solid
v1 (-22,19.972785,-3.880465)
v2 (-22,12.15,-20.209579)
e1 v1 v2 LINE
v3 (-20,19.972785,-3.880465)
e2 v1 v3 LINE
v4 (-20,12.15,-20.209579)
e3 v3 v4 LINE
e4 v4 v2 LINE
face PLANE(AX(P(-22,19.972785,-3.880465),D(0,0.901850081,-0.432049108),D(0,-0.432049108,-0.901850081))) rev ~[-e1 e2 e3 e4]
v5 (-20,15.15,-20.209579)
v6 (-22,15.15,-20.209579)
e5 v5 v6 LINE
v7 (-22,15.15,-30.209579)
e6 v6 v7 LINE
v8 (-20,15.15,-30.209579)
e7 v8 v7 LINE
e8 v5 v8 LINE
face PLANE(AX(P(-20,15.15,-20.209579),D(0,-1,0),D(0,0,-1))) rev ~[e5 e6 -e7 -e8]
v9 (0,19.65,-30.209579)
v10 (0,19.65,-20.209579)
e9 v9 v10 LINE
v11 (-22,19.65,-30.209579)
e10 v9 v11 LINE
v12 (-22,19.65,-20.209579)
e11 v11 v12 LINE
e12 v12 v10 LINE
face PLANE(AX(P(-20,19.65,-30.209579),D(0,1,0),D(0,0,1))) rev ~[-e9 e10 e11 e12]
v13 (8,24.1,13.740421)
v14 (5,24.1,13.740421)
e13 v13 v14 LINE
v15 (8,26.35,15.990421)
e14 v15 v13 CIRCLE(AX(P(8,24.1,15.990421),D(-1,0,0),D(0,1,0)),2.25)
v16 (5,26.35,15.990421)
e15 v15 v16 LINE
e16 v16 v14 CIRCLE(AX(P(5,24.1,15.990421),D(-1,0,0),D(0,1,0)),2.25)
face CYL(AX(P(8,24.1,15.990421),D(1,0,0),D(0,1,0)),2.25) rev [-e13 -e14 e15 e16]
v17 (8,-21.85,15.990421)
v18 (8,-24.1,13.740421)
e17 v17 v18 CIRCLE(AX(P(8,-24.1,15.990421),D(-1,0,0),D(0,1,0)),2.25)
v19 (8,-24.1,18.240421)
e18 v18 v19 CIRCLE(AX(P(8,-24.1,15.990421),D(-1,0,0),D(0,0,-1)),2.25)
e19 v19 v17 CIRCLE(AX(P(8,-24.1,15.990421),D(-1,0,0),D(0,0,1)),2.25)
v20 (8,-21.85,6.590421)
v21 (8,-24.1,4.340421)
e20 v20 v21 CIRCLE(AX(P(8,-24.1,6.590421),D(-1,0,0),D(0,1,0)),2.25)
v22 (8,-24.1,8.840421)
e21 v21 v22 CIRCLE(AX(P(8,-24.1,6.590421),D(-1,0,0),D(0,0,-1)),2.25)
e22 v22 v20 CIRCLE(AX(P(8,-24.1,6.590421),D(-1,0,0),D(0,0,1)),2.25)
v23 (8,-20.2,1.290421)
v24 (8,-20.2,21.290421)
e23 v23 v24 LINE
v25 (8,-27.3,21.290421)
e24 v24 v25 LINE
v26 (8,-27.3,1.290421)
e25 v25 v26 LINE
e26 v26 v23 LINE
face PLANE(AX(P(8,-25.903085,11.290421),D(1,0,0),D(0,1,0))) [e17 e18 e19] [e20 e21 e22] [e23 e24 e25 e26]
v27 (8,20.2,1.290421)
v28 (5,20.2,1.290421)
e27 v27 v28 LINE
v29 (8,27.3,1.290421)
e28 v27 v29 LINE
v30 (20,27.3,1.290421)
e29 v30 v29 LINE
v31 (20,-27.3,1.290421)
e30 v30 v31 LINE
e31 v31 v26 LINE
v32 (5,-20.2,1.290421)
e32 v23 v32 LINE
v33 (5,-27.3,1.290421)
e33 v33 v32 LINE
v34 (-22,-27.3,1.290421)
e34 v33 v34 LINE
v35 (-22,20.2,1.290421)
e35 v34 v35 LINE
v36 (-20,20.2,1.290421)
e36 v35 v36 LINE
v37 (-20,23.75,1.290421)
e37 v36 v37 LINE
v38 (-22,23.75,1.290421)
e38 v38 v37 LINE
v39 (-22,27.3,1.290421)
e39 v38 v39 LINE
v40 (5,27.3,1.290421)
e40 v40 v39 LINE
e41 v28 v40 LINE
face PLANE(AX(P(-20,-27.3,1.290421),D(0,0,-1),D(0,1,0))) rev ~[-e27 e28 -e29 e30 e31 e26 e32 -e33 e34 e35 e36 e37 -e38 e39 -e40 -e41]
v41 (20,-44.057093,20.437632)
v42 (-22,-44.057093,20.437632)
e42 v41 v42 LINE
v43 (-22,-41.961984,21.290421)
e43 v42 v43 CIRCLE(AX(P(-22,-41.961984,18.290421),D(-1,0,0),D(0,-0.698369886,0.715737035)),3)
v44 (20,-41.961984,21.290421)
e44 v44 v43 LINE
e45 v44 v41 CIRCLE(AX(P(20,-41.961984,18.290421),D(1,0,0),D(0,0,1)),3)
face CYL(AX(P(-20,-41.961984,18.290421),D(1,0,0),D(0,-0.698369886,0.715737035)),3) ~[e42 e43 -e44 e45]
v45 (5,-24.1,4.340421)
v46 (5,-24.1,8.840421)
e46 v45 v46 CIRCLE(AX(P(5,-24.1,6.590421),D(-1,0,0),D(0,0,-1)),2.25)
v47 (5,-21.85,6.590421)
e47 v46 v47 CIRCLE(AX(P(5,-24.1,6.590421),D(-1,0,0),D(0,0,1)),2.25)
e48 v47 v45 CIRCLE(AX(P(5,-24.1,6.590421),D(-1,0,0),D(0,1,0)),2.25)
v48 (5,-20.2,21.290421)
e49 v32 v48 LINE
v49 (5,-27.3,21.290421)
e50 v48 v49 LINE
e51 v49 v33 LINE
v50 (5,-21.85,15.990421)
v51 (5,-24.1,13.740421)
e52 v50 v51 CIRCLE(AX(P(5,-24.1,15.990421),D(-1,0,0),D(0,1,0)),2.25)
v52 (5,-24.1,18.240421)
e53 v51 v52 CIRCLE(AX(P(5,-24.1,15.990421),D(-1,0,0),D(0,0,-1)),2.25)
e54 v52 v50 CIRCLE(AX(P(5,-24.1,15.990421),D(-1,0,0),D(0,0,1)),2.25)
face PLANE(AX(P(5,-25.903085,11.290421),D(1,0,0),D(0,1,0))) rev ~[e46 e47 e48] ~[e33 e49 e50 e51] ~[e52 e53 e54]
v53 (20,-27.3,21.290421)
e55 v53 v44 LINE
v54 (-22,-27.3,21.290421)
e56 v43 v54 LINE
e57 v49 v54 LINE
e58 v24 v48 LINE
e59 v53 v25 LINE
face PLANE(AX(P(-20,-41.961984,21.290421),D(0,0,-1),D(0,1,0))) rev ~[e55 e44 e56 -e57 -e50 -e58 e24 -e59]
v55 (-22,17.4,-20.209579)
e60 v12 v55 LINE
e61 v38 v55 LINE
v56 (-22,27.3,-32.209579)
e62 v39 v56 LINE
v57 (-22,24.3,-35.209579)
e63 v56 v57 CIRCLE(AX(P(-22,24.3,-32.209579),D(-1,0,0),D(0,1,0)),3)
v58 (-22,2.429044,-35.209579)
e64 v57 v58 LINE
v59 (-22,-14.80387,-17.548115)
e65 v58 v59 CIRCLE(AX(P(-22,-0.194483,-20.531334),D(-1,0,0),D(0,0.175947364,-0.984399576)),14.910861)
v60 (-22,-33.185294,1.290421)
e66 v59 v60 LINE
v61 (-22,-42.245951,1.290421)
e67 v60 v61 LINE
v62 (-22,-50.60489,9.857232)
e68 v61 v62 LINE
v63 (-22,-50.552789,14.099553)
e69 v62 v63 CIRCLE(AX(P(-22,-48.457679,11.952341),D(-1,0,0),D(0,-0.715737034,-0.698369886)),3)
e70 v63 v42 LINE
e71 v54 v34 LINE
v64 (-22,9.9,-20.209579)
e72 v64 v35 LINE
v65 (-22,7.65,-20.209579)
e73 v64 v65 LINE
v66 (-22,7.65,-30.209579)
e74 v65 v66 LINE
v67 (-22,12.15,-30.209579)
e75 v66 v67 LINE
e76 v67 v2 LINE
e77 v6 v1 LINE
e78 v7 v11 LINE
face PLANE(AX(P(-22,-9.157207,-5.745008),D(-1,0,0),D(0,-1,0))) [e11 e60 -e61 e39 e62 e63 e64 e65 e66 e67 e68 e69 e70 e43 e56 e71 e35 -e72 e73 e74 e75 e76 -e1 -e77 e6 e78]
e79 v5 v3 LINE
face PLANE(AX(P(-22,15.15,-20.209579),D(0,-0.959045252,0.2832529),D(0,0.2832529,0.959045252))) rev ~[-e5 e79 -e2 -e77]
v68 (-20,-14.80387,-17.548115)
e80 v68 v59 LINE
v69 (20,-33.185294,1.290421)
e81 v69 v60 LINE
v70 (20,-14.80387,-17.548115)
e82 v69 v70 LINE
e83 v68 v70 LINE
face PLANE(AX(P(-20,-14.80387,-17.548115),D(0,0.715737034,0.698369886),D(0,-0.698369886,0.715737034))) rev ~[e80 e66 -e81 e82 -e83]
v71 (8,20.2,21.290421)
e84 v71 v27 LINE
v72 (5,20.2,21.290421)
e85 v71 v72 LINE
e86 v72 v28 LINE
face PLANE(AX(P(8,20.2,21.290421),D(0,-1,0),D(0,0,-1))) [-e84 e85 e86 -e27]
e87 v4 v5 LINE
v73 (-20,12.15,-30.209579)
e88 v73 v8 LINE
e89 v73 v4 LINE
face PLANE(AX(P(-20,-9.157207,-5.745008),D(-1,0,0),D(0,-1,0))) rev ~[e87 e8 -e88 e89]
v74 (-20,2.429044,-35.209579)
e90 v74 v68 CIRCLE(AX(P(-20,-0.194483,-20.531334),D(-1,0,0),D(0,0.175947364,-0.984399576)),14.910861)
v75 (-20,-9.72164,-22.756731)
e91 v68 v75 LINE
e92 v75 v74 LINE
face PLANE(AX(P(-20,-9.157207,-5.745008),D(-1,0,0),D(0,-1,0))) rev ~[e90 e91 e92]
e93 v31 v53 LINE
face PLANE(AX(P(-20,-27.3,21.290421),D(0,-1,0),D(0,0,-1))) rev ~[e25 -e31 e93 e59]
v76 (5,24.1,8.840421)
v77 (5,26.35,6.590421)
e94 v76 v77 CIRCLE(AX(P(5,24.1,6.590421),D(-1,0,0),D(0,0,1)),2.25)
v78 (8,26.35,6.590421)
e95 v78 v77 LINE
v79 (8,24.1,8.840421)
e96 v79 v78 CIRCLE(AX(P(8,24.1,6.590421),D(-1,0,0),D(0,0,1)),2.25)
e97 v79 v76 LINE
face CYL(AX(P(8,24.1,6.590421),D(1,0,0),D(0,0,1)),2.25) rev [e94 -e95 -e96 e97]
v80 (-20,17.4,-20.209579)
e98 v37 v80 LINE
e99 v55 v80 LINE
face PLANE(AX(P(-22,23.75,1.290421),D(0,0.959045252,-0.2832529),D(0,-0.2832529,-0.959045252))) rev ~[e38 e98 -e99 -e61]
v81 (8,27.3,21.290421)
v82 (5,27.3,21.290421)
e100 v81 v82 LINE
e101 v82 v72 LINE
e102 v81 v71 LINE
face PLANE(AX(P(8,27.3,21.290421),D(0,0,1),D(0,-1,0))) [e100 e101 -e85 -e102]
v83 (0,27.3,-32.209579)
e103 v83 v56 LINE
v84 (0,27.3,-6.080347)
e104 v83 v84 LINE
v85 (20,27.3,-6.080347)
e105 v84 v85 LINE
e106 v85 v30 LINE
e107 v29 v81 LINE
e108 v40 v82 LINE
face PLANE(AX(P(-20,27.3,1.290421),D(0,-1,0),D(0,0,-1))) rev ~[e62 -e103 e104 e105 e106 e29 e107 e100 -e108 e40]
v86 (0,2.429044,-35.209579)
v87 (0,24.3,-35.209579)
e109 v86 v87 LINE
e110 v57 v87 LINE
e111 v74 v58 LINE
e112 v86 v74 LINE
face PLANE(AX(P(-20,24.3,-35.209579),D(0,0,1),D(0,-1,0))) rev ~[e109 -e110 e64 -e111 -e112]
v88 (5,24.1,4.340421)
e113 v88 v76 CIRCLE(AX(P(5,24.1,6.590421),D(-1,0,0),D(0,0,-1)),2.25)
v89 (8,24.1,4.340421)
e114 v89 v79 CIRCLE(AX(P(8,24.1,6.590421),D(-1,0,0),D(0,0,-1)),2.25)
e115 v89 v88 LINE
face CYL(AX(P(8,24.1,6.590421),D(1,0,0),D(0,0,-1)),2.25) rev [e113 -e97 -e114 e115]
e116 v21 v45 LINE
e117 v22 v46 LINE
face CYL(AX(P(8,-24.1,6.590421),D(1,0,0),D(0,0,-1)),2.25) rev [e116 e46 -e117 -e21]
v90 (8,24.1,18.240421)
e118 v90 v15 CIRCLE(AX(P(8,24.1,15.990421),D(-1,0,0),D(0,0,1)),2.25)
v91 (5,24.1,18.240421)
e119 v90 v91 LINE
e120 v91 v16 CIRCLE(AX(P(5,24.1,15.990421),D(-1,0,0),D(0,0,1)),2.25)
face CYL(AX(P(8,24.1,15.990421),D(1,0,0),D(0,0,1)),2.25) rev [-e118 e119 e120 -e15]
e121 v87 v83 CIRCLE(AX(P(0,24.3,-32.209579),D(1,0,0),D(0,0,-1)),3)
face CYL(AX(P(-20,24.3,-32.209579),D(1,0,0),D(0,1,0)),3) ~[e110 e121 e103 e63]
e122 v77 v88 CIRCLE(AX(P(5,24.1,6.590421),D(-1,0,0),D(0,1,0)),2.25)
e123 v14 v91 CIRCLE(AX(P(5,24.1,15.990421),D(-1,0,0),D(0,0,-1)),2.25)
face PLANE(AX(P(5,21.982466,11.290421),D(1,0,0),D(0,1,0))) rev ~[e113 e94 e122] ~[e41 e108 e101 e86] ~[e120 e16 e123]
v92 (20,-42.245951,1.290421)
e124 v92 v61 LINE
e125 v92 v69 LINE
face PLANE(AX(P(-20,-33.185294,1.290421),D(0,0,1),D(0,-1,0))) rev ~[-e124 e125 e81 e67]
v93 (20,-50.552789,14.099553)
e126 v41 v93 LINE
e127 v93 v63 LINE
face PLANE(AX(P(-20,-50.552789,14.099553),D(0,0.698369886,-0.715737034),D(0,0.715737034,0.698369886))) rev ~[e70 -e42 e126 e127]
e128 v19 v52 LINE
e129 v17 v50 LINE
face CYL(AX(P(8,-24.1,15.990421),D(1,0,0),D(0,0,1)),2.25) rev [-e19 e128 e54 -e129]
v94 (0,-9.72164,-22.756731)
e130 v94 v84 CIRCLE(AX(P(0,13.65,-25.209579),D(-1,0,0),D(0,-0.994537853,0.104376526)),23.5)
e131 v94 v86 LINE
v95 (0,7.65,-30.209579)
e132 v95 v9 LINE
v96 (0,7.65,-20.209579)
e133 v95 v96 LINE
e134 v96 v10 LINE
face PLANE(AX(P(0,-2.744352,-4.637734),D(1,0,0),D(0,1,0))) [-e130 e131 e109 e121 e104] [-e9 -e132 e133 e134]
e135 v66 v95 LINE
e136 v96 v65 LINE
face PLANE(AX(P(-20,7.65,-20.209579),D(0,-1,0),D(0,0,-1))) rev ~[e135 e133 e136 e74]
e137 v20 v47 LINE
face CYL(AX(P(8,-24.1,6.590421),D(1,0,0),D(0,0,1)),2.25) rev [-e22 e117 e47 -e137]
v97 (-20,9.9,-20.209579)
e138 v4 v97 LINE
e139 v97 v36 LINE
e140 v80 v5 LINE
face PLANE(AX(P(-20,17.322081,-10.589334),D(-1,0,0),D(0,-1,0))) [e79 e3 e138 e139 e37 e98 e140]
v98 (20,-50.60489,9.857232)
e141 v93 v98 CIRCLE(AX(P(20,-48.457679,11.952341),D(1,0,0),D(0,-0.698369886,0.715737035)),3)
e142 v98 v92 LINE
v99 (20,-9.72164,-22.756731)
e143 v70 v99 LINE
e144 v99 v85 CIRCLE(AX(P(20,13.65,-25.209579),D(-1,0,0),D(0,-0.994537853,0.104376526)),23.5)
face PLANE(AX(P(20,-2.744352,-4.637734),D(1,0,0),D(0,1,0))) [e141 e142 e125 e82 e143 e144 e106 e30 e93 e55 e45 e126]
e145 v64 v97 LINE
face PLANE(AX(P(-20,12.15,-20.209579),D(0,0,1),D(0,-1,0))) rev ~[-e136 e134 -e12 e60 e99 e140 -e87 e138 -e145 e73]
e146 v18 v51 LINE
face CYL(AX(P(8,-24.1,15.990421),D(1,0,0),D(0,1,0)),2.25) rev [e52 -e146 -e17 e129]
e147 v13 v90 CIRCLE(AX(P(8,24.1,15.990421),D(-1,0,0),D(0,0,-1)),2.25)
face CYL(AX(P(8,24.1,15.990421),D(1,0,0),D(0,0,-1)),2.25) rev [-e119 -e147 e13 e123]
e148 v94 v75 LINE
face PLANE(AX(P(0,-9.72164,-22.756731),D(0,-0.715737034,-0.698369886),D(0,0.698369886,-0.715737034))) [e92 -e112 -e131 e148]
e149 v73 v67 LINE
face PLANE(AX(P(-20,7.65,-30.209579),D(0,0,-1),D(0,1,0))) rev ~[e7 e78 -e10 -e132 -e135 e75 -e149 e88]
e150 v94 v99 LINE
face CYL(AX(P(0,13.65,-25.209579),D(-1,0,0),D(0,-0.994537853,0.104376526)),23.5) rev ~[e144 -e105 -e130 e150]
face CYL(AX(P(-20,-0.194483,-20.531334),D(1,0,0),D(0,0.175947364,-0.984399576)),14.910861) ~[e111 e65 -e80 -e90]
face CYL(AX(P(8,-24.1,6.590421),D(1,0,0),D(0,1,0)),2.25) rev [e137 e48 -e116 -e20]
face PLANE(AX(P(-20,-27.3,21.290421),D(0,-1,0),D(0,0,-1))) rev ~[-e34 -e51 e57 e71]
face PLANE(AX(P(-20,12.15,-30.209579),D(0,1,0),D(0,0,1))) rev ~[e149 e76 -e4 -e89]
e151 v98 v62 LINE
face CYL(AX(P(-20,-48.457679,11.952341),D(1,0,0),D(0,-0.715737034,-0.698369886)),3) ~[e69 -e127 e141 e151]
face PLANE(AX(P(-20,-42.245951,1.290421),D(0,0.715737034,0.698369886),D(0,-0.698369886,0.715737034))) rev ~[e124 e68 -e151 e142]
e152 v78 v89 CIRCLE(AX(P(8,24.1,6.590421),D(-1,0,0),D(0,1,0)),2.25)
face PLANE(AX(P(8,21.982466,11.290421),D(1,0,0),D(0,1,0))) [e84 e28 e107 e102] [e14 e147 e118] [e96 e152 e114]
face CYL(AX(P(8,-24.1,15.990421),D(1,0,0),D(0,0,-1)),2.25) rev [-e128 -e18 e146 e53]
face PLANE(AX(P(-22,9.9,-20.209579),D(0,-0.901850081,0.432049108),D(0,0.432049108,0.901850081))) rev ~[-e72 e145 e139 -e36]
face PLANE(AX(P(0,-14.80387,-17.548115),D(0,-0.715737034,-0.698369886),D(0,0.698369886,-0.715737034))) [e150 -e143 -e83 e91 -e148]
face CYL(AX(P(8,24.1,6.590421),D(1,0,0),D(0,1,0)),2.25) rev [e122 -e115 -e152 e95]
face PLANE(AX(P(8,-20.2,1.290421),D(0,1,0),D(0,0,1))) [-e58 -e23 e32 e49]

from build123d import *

# Parameters (mm, degrees)
F1_DEPTH  = 20
F0_W      = 12
F0_H      = 10
F2_DEPTH  = 20
F4_DEPTH  = 2
F8_DEPTH  = 3
F10_DEPTH = 2


with BuildPart() as f1:
    # F0 (on Right) → F1 (new body)
    with BuildSketch(Plane.YZ):
        with BuildLine():
            ThreePointArc((-9.7216395426, -22.7567306352), (3.9984194059, -3.7830302321), (27.3, -6.0803474404))
            Line((27.3, -6.0803474404), (27.3, 1.2904210016))
            Line((27.3, 1.2904210016), (20.2, 1.2904210016))
            Line((20.2, 1.2904210016), (-20.2, 1.2904210016))
            Line((-20.2, 1.2904210016), (-27.3, 1.2904210016))
            Line((-27.3, 1.2904210016), (-33.1852941176, 1.2904210016))
            Line((-33.1852941176, 1.2904210016), (-14.8038696072, -17.5481150452))
            Line((-14.8038696072, -17.5481150452), (-9.7216395426, -22.7567306352))
        make_face()
        with BuildLine():
            Line((-42.245950674, 1.2904210016), (-33.1852941176, 1.2904210016))
            Line((-33.1852941176, 1.2904210016), (-27.3, 1.2904210016))
            Line((-27.3, 1.2904210016), (-27.3, 21.2904210016))
            Line((-27.3, 21.2904210016), (-41.9619835647, 21.2904210016))
            ThreePointArc((-41.9619835647, 21.2904210016), (-43.092993443, 21.0690567559), (-44.0570932222, 20.4376321051))
            Line((-44.0570932222, 20.4376321051), (-50.5527888965, 14.0995525758))
            ThreePointArc((-50.5527888965, 14.0995525758), (-51.4574530171, 11.989182758), (-50.6048903424, 9.8572318148))
            Line((-50.6048903424, 9.8572318148), (-42.245950674, 1.2904210016))
        make_face()
    extrude(amount=F1_DEPTH)

    # F0 (on Right) → F2 (join)
    with BuildSketch(Plane.YZ):
        with BuildLine():
            ThreePointArc((-9.7216395426, -22.7567306352), (3.9984194059, -3.7830302321), (27.3, -6.0803474404))
            Line((27.3, -6.0803474404), (27.3, 1.2904210016))
            Line((27.3, 1.2904210016), (20.2, 1.2904210016))
            Line((20.2, 1.2904210016), (-20.2, 1.2904210016))
            Line((-20.2, 1.2904210016), (-27.3, 1.2904210016))
            Line((-27.3, 1.2904210016), (-33.1852941176, 1.2904210016))
            Line((-33.1852941176, 1.2904210016), (-14.8038696072, -17.5481150452))
            Line((-14.8038696072, -17.5481150452), (-9.7216395426, -22.7567306352))
        make_face()
        with BuildLine():
            ThreePointArc((24.3, -35.2095789984), (26.4213203436, -34.3308993419), (27.3, -32.2095789984))
            Line((27.3, -32.2095789984), (27.3, -6.0803474404))
            ThreePointArc((27.3, -6.0803474404), (3.9984194059, -3.7830302321), (-9.7216395426, -22.7567306352))
            Line((-9.7216395426, -22.7567306352), (2.4290441176, -35.2095789984))
            Line((2.4290441176, -35.2095789984), (24.3, -35.2095789984))
        make_face()
        with Locations((13.65, -25.2095789984)):
            Rectangle(F0_W, F0_H, mode=Mode.SUBTRACT)
        with BuildLine():
            Line((-42.245950674, 1.2904210016), (-33.1852941176, 1.2904210016))
            Line((-33.1852941176, 1.2904210016), (-27.3, 1.2904210016))
            Line((-27.3, 1.2904210016), (-27.3, 21.2904210016))
            Line((-27.3, 21.2904210016), (-41.9619835647, 21.2904210016))
            ThreePointArc((-41.9619835647, 21.2904210016), (-43.092993443, 21.0690567559), (-44.0570932222, 20.4376321051))
            Line((-44.0570932222, 20.4376321051), (-50.5527888965, 14.0995525758))
            ThreePointArc((-50.5527888965, 14.0995525758), (-51.4574530171, 11.989182758), (-50.6048903424, 9.8572318148))
            Line((-50.6048903424, 9.8572318148), (-42.245950674, 1.2904210016))
        make_face()
    extrude(amount=-F2_DEPTH)

    # F3 (on face) → F4 (join)
    with BuildSketch(Plane(origin=(-20, 0, 0), x_dir=(0, -1, 0), z_dir=(-1, 0, 0))):
        with BuildLine():
            Line((-2.4290441176, -35.2095789984), (14.8038696072, -17.5481150452))
            Line((14.8038696072, -17.5481150452), (33.1852941176, 1.2904210016))
            Line((33.1852941176, 1.2904210016), (42.245950674, 1.2904210016))
            Line((42.245950674, 1.2904210016), (50.6048903424, 9.8572318148))
            ThreePointArc((50.6048903424, 9.8572318148), (51.4574530171, 11.989182758), (50.5527888965, 14.0995525758))
            Line((50.5527888965, 14.0995525758), (44.0570932222, 20.4376321051))
            ThreePointArc((44.0570932222, 20.4376321051), (43.092993443, 21.0690567559), (41.9619835647, 21.2904210016))
            Line((41.9619835647, 21.2904210016), (27.3, 21.2904210016))
            Line((27.3, 21.2904210016), (27.3, 1.2904210016))
            Line((27.3, 1.2904210016), (-27.3, 1.2904210016))
            Line((-27.3, 1.2904210016), (-27.3, -32.2095789984))
            ThreePointArc((-27.3, -32.2095789984), (-26.4213203436, -34.3308993419), (-24.3, -35.2095789984))
            Line((-24.3, -35.2095789984), (-2.4290441176, -35.2095789984))
        make_face()
        Polygon((-19.65, -30.2095789984), (-19.65, -20.2095789984), (-15.15, -20.2095789984), (-13.65, -20.2095789984), (-12.15, -20.2095789984), (-7.65, -20.2095789984), (-7.65, -30.2095789984), (-12.15, -30.2095789984), (-15.15, -30.2095789984), align=None, mode=Mode.SUBTRACT)
        with BuildLine():
            ThreePointArc((-2.4290441176, -35.2095789984), (10.8667381723, -30.9446299941), (14.8038696072, -17.5481150452))
            Line((14.8038696072, -17.5481150452), (-2.4290441176, -35.2095789984))
        make_face()
        Polygon((-13.65, -20.2095789984), (-15.15, -20.2095789984), (-15.15, -30.2095789984), (-12.15, -30.2095789984), (-12.15, -20.2095789984), align=None)
    extrude(amount=F4_DEPTH)

    # F7 (on offset) → F8 (join)
    with BuildSketch(Plane.YZ.offset(8)):
        with BuildLine():
            Line((-24.1, 21.2904210016), (-27.3, 21.2904210016))
            Line((-27.3, 21.2904210016), (-27.3, 1.2904210016))
            Line((-27.3, 1.2904210016), (-24.1, 1.2904210016))
            Line((-24.1, 1.2904210016), (-24.1, 4.3404210016))
            ThreePointArc((-24.1, 4.3404210016), (-26.35, 6.5904210016), (-24.1, 8.8404210016))
            Line((-24.1, 8.8404210016), (-24.1, 13.7404210016))
            ThreePointArc((-24.1, 13.7404210016), (-26.35, 15.9904210016), (-24.1, 18.2404210016))
            Line((-24.1, 18.2404210016), (-24.1, 21.2904210016))
        make_face()
        with BuildLine():
            Line((-20.2, 21.2904210016), (-24.1, 21.2904210016))
            Line((-24.1, 21.2904210016), (-24.1, 18.2404210016))
            ThreePointArc((-24.1, 18.2404210016), (-22.5090097423, 17.5814112593), (-21.85, 15.9904210016))
            ThreePointArc((-21.85, 15.9904210016), (-22.5090097423, 14.3994307439), (-24.1, 13.7404210016))
            Line((-24.1, 13.7404210016), (-24.1, 8.8404210016))
            ThreePointArc((-24.1, 8.8404210016), (-22.5090097423, 8.1814112593), (-21.85, 6.5904210016))
            ThreePointArc((-21.85, 6.5904210016), (-22.5090097423, 4.9994307439), (-24.1, 4.3404210016))
            Line((-24.1, 4.3404210016), (-24.1, 1.2904210016))
            Line((-24.1, 1.2904210016), (-20.2, 1.2904210016))
            Line((-20.2, 1.2904210016), (-20.2, 21.2904210016))
        make_face()
        with BuildLine():
            Line((20.2, 21.2904210016), (20.2, 1.2904210016))
            Line((20.2, 1.2904210016), (24.1, 1.2904210016))
            Line((24.1, 1.2904210016), (24.1, 4.3404210016))
            ThreePointArc((24.1, 4.3404210016), (21.85, 6.5904210016), (24.1, 8.8404210016))
            Line((24.1, 8.8404210016), (24.1, 13.7404210016))
            ThreePointArc((24.1, 13.7404210016), (21.85, 15.9904210016), (24.1, 18.2404210016))
            Line((24.1, 18.2404210016), (24.1, 21.2904210016))
            Line((24.1, 21.2904210016), (20.2, 21.2904210016))
        make_face()
        with BuildLine():
            Line((24.1, 4.3404210016), (24.1, 1.2904210016))
            Line((24.1, 1.2904210016), (27.3, 1.2904210016))
            Line((27.3, 1.2904210016), (27.3, 21.2904210016))
            Line((27.3, 21.2904210016), (24.1, 21.2904210016))
            Line((24.1, 21.2904210016), (24.1, 18.2404210016))
            ThreePointArc((24.1, 18.2404210016), (25.6909902577, 17.5814112593), (26.35, 15.9904210016))
            ThreePointArc((26.35, 15.9904210016), (25.6909902577, 14.3994307439), (24.1, 13.7404210016))
            Line((24.1, 13.7404210016), (24.1, 8.8404210016))
            ThreePointArc((24.1, 8.8404210016), (25.6909902577, 8.1814112593), (26.35, 6.5904210016))
            ThreePointArc((26.35, 6.5904210016), (25.6909902577, 4.9994307439), (24.1, 4.3404210016))
        make_face()
    extrude(amount=-F8_DEPTH)

    # F9 (on face) → F10 (cut)
    with BuildSketch(Plane(origin=(-22, 0, 0), x_dir=(0, -1, 0), z_dir=(-1, 0, 0))):
        Polygon((-19.9727848101, -3.8804650743), (-12.15, -20.2095789984), (-9.9, -20.2095789984), (-20.2, 1.2904210016), (-23.75, 1.2904210016), (-17.4, -20.2095789984), (-15.15, -20.2095789984), align=None)
    extrude(amount=-F10_DEPTH, mode=Mode.SUBTRACT)


solid = f1.part
